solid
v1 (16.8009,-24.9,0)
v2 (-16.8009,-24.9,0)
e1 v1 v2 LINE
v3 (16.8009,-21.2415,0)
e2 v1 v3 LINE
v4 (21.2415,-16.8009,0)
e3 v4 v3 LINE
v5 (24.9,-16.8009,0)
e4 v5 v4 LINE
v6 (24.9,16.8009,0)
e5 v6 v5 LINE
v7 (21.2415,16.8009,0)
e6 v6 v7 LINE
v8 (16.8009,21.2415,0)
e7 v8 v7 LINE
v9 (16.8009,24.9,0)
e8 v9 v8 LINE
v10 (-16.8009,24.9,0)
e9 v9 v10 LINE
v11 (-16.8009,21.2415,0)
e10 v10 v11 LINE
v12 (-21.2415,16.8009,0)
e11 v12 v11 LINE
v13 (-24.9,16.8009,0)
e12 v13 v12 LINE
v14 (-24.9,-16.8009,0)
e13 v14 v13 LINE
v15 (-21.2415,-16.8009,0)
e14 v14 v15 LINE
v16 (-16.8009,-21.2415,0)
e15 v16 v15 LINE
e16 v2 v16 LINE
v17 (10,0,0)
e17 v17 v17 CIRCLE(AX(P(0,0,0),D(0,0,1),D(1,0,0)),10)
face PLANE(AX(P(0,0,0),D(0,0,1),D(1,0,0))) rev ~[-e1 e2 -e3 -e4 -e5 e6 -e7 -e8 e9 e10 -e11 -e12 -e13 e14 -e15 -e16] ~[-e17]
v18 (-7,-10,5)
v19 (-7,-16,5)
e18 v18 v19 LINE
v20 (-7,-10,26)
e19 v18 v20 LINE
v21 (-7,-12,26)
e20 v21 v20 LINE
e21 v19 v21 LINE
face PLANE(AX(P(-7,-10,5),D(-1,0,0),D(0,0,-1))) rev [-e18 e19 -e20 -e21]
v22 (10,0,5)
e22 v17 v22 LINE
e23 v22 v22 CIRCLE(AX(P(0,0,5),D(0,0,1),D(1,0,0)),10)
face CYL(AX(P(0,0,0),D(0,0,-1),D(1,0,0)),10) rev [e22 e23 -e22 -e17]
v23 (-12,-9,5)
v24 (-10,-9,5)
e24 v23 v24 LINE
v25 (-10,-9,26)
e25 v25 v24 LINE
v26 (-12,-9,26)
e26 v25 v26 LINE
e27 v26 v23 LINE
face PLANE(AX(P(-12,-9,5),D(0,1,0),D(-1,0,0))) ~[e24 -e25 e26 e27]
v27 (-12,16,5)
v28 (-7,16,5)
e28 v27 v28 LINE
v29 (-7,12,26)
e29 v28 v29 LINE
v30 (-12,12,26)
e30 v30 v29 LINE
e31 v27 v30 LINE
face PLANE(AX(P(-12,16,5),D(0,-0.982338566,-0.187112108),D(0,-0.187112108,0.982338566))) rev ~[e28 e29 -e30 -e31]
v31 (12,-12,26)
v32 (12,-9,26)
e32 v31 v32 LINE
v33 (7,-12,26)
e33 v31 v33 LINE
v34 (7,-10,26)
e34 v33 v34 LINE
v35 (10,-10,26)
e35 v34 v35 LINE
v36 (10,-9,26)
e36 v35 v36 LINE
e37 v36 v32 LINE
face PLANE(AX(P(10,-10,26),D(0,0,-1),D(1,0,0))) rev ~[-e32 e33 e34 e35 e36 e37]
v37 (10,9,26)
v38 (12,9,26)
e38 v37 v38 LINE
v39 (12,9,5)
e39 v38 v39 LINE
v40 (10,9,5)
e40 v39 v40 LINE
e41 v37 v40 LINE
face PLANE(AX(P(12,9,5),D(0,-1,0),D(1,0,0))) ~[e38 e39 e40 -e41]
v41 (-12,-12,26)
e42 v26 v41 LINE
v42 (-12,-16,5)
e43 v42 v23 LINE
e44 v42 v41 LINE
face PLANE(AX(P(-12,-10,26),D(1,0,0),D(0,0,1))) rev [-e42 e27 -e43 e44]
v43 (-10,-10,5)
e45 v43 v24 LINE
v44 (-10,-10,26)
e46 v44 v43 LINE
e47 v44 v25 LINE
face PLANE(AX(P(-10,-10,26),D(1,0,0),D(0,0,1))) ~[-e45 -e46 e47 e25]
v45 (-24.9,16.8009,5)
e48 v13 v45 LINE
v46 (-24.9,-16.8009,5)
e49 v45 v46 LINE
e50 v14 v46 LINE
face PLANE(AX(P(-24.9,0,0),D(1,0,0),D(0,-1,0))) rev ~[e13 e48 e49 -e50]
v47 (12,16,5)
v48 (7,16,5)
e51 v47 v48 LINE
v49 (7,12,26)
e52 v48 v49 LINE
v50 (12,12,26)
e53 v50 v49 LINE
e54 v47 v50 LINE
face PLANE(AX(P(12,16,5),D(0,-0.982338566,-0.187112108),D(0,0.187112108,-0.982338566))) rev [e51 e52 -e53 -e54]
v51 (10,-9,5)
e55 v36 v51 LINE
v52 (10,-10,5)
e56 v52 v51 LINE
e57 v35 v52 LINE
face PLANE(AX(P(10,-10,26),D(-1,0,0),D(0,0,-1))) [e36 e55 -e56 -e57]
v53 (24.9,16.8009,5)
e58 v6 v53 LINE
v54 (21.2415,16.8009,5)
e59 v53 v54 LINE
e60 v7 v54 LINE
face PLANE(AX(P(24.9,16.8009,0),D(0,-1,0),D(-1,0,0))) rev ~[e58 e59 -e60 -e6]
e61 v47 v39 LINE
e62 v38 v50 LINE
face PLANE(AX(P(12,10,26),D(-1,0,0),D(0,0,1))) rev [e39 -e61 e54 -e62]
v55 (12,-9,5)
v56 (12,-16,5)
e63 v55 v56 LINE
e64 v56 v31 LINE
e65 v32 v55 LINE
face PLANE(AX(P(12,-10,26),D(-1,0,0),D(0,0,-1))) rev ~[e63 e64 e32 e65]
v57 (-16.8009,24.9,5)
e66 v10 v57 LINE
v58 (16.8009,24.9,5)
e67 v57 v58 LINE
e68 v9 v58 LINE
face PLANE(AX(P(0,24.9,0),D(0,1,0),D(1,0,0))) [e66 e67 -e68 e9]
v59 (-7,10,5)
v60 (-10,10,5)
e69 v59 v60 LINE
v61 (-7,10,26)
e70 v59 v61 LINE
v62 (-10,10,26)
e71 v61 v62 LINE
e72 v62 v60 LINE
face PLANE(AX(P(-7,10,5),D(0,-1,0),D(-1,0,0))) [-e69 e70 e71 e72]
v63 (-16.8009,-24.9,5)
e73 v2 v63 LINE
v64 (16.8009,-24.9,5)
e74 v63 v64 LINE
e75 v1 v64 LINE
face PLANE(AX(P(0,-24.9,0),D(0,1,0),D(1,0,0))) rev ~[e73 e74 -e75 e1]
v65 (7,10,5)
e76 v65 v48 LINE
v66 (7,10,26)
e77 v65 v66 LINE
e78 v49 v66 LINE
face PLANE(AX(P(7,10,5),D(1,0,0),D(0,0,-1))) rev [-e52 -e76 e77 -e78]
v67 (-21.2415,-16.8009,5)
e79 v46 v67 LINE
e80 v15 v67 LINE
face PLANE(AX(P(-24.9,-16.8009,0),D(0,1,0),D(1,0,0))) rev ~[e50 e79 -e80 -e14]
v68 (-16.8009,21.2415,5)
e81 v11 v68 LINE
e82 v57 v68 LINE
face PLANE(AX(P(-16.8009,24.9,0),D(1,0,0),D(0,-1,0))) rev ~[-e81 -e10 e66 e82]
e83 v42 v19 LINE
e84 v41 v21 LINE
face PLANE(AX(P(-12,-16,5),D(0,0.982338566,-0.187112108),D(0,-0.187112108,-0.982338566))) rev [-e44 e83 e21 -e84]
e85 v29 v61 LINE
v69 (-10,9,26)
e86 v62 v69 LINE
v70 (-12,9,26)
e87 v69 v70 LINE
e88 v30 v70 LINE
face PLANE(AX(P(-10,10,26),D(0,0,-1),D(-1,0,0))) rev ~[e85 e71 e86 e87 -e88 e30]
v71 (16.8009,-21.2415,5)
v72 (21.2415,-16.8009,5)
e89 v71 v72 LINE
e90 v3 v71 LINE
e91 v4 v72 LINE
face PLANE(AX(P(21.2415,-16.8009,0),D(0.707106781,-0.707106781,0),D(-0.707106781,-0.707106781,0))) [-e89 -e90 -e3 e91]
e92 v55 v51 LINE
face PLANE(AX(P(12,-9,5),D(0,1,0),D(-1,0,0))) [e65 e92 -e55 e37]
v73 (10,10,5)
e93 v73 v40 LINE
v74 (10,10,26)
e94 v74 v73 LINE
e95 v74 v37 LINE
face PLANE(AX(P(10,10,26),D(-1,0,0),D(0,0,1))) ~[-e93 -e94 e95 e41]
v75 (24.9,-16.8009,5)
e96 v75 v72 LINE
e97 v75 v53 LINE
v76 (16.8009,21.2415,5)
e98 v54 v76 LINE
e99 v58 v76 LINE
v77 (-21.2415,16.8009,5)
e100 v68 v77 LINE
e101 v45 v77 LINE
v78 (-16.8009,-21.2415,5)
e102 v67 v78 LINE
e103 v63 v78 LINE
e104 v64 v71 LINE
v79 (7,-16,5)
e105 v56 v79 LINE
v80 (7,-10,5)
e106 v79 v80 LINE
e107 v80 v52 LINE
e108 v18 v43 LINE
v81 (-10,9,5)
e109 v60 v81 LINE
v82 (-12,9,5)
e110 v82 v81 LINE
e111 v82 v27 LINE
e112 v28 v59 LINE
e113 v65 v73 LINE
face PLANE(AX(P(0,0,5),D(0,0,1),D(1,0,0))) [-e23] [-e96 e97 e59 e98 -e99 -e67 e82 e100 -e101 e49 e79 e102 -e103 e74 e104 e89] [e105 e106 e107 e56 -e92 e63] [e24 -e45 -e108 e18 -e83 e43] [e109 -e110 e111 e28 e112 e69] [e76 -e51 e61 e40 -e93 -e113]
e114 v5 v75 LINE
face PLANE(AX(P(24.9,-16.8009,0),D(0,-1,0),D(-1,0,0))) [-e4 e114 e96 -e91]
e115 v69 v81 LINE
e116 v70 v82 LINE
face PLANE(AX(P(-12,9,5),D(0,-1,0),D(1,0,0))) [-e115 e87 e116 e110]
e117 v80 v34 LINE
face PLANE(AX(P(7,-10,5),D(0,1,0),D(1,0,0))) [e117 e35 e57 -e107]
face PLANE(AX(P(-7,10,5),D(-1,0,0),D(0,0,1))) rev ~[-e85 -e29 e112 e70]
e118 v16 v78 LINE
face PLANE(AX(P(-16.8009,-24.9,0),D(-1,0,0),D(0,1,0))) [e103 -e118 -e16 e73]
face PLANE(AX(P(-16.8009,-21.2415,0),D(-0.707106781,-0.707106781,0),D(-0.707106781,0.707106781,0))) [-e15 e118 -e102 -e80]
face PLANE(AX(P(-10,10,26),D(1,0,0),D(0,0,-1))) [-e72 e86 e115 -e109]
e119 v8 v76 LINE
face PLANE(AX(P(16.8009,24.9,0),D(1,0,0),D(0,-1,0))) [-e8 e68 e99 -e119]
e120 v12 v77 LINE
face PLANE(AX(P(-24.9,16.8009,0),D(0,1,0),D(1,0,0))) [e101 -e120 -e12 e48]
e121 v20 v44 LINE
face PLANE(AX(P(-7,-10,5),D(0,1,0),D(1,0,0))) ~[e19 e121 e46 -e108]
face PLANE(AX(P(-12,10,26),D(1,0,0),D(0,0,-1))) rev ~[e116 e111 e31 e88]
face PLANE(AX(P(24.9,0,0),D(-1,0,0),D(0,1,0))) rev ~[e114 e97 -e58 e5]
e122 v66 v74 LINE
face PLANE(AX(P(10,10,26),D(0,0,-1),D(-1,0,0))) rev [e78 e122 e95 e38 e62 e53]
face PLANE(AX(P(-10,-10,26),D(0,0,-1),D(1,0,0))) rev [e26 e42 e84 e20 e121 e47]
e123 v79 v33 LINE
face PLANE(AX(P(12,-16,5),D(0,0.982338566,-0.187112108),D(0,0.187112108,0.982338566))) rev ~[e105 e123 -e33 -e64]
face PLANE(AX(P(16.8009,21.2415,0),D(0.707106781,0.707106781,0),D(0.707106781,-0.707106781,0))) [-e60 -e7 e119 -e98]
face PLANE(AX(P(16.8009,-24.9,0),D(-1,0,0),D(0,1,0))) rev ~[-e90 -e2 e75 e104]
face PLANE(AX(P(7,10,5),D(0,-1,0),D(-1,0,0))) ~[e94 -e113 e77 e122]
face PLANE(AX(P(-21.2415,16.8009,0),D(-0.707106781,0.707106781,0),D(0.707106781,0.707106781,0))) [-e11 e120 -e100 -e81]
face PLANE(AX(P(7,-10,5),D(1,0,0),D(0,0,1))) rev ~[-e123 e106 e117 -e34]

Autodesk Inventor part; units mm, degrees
ref_plane "YZ Plane" through (0, 0, 0) normal (1, 0, 0) x (0, 1, 0)
ref_plane "XZ Plane" through (0, 0, 0) normal (0, 1, 0) x (-1, 0, 0)
ref_plane "XY Plane" through (0, 0, 0) normal (0, 0, 1) x (1, 0, 0)
sketch "Sketch1" plane through (0, 0, 0) normal (0, 0, 1) x (1, 0, 0)
  line L0 (-34.86, 0) -> (34.86, 0) construction
  line L1 (0, -34.86) -> (0, 34.86) construction
  line L2 (0, 0) -> (16.9726, 16.9726) construction
  line L3 (0, 0) -> (24.0028, 0) construction
  line L4 (0, 24.9) -> (16.8009, 24.9)
  line L5 (16.8009, 24.9) -> (16.8009, 21.2415)
  line L6 (16.8009, 21.2415) -> (19.0212, 19.0212)
  line L7 (24.9, 0) -> (24.9, 16.8009)
  line L8 (24.9, 16.8009) -> (21.2415, 16.8009)
  line L9 (21.2415, 16.8009) -> (19.0212, 19.0212)
  line L10 (0, -24.9) -> (16.8009, -24.9)
  line L11 (16.8009, -24.9) -> (16.8009, -21.2415)
  line L12 (16.8009, -21.2415) -> (19.0212, -19.0212)
  line L13 (24.9, 0) -> (24.9, -16.8009)
  line L14 (24.9, -16.8009) -> (21.2415, -16.8009)
  line L15 (21.2415, -16.8009) -> (19.0212, -19.0212)
  line L16 (0, 0) -> (-16.9726, 16.9726) construction
  line L17 (0, 0) -> (-24.0028, 0) construction
  line L18 (0, 24.9) -> (-16.8009, 24.9)
  line L19 (-16.8009, 24.9) -> (-16.8009, 21.2415)
  line L20 (-16.8009, 21.2415) -> (-19.0212, 19.0212)
  line L21 (-24.9, 0) -> (-24.9, 16.8009)
  line L22 (-24.9, 16.8009) -> (-21.2415, 16.8009)
  line L23 (-21.2415, 16.8009) -> (-19.0212, 19.0212)
  line L24 (0, -24.9) -> (-16.8009, -24.9)
  line L25 (-16.8009, -24.9) -> (-16.8009, -21.2415)
  line L26 (-16.8009, -21.2415) -> (-19.0212, -19.0212)
  line L27 (-21.2415, -16.8009) -> (-19.0212, -19.0212)
  line L28 (-24.9, -16.8009) -> (-21.2415, -16.8009)
  line L29 (-24.9, 0) -> (-24.9, -16.8009)
  circle A0 centre (0, 0) radius 10
  dimension "d17" = 45
  dimension "d18" = 24.9
  dimension "d20" = 3.14
  dimension "d21" = 26.9
  dimension "d22" = 20
extrude "Extrusion1" add sketch "Sketch1" along normal blind 5
sketch "Sketch2" plane through (0, 0, 5) normal (0, 0, 1) x (1, 0, 0)
  circle A0 centre (0, 0) radius 10 projected
  line L0 (16.8009, 24.9) -> (-16.8009, 24.9) projected
  line L1 (-16.8009, 24.9) -> (-16.8009, 21.2415) projected
  line L2 (-16.8009, 21.2415) -> (-21.2415, 16.8009) projected
  line L3 (-21.2415, 16.8009) -> (-24.9, 16.8009) projected
  line L4 (-24.9, 16.8009) -> (-24.9, -16.8009) projected
  line L5 (-24.9, -16.8009) -> (-21.2415, -16.8009) projected
  line L6 (-21.2415, -16.8009) -> (-16.8009, -21.2415) projected
  line L7 (-16.8009, -21.2415) -> (-16.8009, -24.9) projected
  line L8 (-16.8009, -24.9) -> (16.8009, -24.9) projected
  line L9 (16.8009, -24.9) -> (16.8009, -21.2415) projected
  line L10 (16.8009, -21.2415) -> (21.2415, -16.8009) projected
  line L11 (21.2415, -16.8009) -> (24.9, -16.8009) projected
  line L12 (24.9, -16.8009) -> (24.9, 16.8009) projected
  line L13 (24.9, 16.8009) -> (21.2415, 16.8009) projected
  line L14 (21.2415, 16.8009) -> (16.8009, 21.2415) projected
  line L15 (16.8009, 21.2415) -> (16.8009, 24.9) projected
  line L16 (0, -34.86) -> (0, 34.86) construction
  line L17 (-12, 12) -> (-7, 12)
  line L18 (-7, 12) -> (-7, 10)
  line L19 (-7, 10) -> (-12, 10)
  line L20 (-12, 10) -> (-12, 12)
  dimension "d27" = 2
  dimension "d28" = 5
  dimension "d29" = 12
extrude "Extrusion2" add sketch "Sketch2" along normal blind 21 contours L17 L18 L19 L20
sketch "Sketch4" plane through (-12, 10, 5) normal (-1, 0, 0) x (0, 0, 1)
  line L0 (0, 0) -> (0, 2) projected
  line L1 (0, 0) -> (21, 0) projected
  line L2 (21, 2) -> (21, 0) projected
  line L3 (0, 2) -> (21, 2) projected
  line L4 (0, 6.8009) -> (0, -26.8009) projected
  line L5 (0, 2) -> (21, 2) projected
  line L6 (21, 2) -> (0, 2)
  line L7 (0, 2) -> (0, 6)
  line L8 (0, -26.8009) -> (0, 6.8009) projected
  line L9 (0, 6) -> (21, 2)
  point P0 (-5, -10)
  dimension "d35" = 4
extrude "Extrusion4" add sketch "Sketch4" against normal up to surface (5 mm away) contours L4 L9 L3
sketch "Sketch5" plane through (-12, 10, 5) normal (0, -1, 0) x (1, 0, 0)
  line L0 (5, 21) -> (5, 0) projected
  line L1 (0, 0) -> (5, 0) projected
  line L2 (0, 21) -> (0, 0) projected
  line L3 (5, 21) -> (0, 21) projected
  line L4 (12, -10.2) -> (12, 26.2) construction
  line L5 (0, 21) -> (2, 21)
  line L6 (2, 21) -> (2, 0)
  line L7 (2, 0) -> (0, 0)
  line L8 (0, 0) -> (0, 21)
  point P0 (12, -5)
  dimension "d38" = 10
extrude "Extrusion5" add sketch "Sketch5" along normal blind 1 contours L6 L1 L2 L3
mirror "Mirror1" about plane through (0, 0, 0) normal (0, 1, 0) of "Extrusion2", "Extrusion4", "Extrusion5"
mirror "Mirror2" about plane through (0, 0, 0) normal (1, 0, 0) of "Extrusion2", "Extrusion4", "Mirror1", "Extrusion5"
properties part number "20_Cube_Insert_Beamsplitter"
